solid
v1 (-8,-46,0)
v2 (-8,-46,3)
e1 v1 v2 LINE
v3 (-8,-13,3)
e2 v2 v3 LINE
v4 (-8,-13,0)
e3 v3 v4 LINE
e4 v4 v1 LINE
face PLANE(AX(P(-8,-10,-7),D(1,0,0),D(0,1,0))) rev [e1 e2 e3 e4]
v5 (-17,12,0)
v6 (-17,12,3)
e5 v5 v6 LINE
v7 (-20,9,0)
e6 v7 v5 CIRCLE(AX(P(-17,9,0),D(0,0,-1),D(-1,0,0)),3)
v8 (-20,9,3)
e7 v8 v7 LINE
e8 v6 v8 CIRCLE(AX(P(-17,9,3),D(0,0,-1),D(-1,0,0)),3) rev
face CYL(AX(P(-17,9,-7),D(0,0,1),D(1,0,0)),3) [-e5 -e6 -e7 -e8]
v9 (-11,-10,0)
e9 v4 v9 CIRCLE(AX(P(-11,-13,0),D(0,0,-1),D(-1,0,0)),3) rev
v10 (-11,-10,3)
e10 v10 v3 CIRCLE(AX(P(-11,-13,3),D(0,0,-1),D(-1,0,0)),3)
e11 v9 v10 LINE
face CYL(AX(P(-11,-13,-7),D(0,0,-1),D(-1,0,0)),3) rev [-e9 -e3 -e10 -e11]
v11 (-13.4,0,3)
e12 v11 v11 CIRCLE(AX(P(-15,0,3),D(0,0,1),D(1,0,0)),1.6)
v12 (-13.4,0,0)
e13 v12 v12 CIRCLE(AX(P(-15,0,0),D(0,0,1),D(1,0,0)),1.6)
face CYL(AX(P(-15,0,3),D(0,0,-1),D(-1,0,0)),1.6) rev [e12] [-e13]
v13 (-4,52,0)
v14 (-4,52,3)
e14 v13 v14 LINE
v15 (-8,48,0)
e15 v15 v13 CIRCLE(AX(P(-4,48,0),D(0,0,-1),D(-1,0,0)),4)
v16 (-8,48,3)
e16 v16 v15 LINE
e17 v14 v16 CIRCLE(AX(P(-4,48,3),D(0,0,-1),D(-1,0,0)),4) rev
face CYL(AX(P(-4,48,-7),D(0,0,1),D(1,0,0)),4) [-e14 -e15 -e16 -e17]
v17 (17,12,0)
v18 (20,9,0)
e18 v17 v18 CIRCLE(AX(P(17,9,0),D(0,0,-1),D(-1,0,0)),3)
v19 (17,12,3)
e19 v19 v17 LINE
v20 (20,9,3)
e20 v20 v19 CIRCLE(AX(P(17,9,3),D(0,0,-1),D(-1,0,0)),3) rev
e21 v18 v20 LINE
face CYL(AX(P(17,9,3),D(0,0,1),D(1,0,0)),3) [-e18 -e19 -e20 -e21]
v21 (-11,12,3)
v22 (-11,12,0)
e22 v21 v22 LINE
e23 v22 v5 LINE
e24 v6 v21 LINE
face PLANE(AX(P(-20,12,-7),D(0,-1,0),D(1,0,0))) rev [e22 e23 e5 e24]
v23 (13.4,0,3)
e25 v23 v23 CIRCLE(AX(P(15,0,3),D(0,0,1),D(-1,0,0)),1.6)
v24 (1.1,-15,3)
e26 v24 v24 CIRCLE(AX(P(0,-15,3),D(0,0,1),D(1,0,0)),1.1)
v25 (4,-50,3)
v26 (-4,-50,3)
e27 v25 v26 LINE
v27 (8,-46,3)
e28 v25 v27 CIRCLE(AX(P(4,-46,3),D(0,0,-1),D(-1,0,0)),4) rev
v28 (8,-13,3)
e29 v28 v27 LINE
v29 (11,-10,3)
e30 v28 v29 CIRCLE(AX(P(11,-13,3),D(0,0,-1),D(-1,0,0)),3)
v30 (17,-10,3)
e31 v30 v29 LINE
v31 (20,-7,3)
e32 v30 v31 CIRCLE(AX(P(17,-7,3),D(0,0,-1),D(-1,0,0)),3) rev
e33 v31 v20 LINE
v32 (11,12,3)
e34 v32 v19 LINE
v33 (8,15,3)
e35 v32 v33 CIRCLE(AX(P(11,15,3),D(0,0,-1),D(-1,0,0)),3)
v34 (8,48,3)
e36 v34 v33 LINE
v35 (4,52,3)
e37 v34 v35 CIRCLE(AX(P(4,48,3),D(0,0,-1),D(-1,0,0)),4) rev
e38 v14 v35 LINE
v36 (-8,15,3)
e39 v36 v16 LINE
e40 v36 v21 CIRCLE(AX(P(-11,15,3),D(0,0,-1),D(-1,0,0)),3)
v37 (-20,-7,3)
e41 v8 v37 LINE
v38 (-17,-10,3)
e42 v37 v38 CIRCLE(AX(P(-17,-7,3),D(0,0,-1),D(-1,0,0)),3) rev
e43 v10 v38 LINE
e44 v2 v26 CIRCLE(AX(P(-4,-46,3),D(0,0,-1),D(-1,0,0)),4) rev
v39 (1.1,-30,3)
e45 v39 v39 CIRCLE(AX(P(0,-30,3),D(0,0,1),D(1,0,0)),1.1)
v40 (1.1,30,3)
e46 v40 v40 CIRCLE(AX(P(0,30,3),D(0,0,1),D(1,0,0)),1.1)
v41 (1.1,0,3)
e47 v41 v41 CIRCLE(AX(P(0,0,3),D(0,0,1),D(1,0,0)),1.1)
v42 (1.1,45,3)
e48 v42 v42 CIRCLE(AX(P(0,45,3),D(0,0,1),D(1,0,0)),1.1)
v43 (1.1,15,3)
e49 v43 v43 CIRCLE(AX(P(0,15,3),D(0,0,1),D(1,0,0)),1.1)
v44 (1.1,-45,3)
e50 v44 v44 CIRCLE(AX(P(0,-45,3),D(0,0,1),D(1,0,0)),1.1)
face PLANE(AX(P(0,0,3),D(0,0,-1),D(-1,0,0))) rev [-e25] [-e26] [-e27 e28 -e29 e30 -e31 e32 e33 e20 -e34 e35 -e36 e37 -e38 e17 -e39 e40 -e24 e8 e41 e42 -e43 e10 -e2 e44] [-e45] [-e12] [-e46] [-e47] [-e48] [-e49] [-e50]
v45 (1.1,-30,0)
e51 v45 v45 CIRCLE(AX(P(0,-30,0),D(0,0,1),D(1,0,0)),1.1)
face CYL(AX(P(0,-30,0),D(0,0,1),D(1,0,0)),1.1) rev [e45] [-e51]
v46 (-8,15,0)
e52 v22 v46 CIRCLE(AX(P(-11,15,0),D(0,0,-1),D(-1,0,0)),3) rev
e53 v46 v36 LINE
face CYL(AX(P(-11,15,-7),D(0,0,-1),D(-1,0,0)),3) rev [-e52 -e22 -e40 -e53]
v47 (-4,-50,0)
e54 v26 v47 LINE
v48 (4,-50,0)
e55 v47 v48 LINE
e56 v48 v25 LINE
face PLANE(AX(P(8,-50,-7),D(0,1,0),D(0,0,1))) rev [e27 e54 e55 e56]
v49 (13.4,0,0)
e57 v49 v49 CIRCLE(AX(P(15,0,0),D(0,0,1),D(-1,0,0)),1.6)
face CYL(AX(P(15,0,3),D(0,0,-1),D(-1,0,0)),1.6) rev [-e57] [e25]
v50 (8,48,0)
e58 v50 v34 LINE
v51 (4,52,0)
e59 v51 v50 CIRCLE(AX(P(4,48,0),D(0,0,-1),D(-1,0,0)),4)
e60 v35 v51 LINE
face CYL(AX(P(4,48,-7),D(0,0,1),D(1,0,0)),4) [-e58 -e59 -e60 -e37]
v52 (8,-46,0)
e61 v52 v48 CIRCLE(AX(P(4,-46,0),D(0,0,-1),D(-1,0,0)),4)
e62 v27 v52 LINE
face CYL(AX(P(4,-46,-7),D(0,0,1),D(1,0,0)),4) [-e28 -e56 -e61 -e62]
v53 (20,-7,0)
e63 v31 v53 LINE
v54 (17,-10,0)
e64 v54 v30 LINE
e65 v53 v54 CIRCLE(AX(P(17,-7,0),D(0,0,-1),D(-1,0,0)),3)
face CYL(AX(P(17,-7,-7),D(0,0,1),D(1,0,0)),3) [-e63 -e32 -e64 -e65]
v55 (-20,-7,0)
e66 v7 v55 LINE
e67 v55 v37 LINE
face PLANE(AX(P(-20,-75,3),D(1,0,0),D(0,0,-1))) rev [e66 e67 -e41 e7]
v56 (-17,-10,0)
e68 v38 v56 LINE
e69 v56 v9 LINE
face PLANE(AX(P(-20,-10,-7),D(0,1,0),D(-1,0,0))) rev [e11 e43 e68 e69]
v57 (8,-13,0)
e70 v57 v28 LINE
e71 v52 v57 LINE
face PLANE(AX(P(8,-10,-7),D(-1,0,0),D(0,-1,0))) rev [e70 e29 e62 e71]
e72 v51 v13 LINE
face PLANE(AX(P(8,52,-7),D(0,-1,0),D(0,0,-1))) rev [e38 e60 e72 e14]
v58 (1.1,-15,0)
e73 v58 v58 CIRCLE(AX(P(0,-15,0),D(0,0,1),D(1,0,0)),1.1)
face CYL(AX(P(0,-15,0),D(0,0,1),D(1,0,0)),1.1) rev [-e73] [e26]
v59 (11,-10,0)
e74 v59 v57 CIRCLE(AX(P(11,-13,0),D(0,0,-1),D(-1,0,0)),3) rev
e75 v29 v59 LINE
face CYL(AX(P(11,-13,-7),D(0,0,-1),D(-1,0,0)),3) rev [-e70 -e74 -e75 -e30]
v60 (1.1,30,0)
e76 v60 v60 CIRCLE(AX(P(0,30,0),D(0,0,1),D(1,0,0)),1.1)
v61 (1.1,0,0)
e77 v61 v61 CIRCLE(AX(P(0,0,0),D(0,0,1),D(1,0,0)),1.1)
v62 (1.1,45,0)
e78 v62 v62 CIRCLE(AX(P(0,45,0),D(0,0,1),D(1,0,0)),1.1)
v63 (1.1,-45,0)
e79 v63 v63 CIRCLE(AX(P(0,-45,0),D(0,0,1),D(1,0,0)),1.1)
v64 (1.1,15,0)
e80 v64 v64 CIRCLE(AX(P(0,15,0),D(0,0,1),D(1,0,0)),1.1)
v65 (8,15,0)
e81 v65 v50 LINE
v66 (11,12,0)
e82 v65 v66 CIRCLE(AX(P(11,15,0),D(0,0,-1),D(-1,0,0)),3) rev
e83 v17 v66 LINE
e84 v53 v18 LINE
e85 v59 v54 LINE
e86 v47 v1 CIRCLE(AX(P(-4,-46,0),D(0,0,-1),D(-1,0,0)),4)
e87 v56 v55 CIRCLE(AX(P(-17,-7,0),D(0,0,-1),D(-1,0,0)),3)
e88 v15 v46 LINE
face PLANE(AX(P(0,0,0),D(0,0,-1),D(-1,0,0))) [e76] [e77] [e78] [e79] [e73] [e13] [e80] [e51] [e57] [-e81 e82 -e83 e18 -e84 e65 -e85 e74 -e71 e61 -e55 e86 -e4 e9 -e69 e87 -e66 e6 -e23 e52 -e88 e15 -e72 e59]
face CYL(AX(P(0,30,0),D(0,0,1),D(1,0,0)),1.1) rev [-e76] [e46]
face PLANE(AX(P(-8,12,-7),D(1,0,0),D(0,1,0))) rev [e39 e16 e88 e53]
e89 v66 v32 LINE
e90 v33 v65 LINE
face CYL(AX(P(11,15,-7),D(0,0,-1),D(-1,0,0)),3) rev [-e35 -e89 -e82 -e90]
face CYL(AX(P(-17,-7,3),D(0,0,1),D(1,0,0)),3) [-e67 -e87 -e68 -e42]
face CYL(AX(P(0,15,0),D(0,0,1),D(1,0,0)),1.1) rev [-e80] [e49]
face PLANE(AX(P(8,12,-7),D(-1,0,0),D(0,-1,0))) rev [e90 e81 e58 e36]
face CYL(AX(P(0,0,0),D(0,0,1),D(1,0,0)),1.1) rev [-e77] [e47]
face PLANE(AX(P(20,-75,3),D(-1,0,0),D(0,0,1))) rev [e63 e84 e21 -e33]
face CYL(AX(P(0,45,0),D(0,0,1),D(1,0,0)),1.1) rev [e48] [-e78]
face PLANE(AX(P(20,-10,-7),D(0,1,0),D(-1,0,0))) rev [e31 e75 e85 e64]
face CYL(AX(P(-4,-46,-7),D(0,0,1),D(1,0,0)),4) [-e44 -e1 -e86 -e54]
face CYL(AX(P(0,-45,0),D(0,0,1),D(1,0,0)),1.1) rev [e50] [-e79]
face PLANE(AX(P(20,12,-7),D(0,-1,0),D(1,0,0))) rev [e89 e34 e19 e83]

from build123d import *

# Parameters (mm, degrees)
SKETCH_1_W          = 40
SKETCH_1_H          = 150
SKETCH_1_R          = 1.6
EXTRUDE_1_DEPTH     = 3
SKETCH_2_R          = 1.1
CUT_EXTRUDE_1_DEPTH = 4
SKETCH_4_W          = 40
SKETCH_4_H          = 18
CUT_EXTRUDE_3_DEPTH = 10
SKETCH_5_W          = 40
SKETCH_5_H          = 12
EXTRUDE_2_DEPTH     = 3
SKETCH_6_R          = 1.1
CUT_EXTRUDE_4_DEPTH = 10
SKETCH_7_W          = 12
SKETCH_7_H          = 75
SKETCH_7_H_2        = 47
CUT_EXTRUDE_5_DEPTH = 10
FILLET_1_R          = 3
SKETCH_8_W          = 16
SKETCH_8_H          = 42.139164074
SKETCH_8_H_2        = 21.417935282
CUT_EXTRUDE_6_DEPTH = 10
FILLET_2_R          = 4


with BuildPart() as part:
    # 草图1 → 凸台-拉伸1 (new body)
    with BuildSketch(Plane.XY):
        Rectangle(SKETCH_1_W, SKETCH_1_H)
        with Locations((-15, 0)):
            Circle(SKETCH_1_R, mode=Mode.SUBTRACT)
        with Locations((15, 0)):
            Circle(SKETCH_1_R, mode=Mode.SUBTRACT)
    extrude(amount=EXTRUDE_1_DEPTH)

    # 草图2 → 切除-拉伸1 (cut, through all)
    with BuildSketch(Plane.XY.offset(3)):
        with Locations((0, 30)):
            Circle(SKETCH_2_R)
        with Locations((0, 45)):
            Circle(SKETCH_2_R)
        with Locations((0, 60)):
            Circle(SKETCH_2_R)
        with Locations((0, 15)):
            Circle(SKETCH_2_R)
        with Locations((0, -15)):
            Circle(SKETCH_2_R)
        Circle(SKETCH_2_R)
        with Locations((0, -30)):
            Circle(SKETCH_2_R)
        with Locations((0, -45)):
            Circle(SKETCH_2_R)
        with Locations((0, -60)):
            Circle(SKETCH_2_R)
    extrude(amount=-CUT_EXTRUDE_1_DEPTH, mode=Mode.SUBTRACT)

    # 草图4 → 切除-拉伸3 (cut)
    with BuildSketch(Plane.XY.offset(3)):
        with Locations((0, -66)):
            Rectangle(SKETCH_4_W, SKETCH_4_H)
    extrude(amount=-CUT_EXTRUDE_3_DEPTH, mode=Mode.SUBTRACT)

    # 草图5 → 凸台-拉伸2 (add)
    with BuildSketch(Plane.XY.offset(3)):
        with Locations((0, 81)):
            Rectangle(SKETCH_5_W, SKETCH_5_H)
    extrude(amount=-EXTRUDE_2_DEPTH)

    # 草图6 → 切除-拉伸4 (cut)
    with BuildSketch(Plane.XY.offset(3)):
        with Locations((0, 75)):
            Circle(SKETCH_6_R)
    extrude(amount=-CUT_EXTRUDE_4_DEPTH, mode=Mode.SUBTRACT)

    # 草图7 → 切除-拉伸5 (cut)
    with BuildSketch(Plane.XY.offset(3)):
        with Locations((-14, 49.5)):
            Rectangle(SKETCH_7_W, SKETCH_7_H)
        with Locations((-14, -33.5)):
            Rectangle(SKETCH_7_W, SKETCH_7_H_2)
        with Locations((14, -33.5)):
            Rectangle(SKETCH_7_W, SKETCH_7_H_2)
        with Locations((14, 49.5)):
            Rectangle(SKETCH_7_W, SKETCH_7_H)
    extrude(amount=-CUT_EXTRUDE_5_DEPTH, mode=Mode.SUBTRACT)

    # 圆角1
    fillet_1_edges = [part.edges().sort_by_distance(p)[0] for p in [
        (-8, 87, 1.5),
        (8, 87, 1.5),
        (-8, -57, 1.5),
        (8, -57, 1.5),
        (20, 12, 1.5),
        (8, 12, 1.5),
        (8, -10, 1.5),
        (20, -10, 1.5),
        (-20, -10, 1.5),
        (-8, -10, 1.5),
        (-20, 12, 1.5),
        (-8, 12, 1.5),
    ]]
    fillet(fillet_1_edges, radius=FILLET_1_R)

    # 草图8 → 切除-拉伸6 (cut)
    with BuildSketch(Plane.XY.offset(3)):
        with Locations((0, 73.069582037)):
            Rectangle(SKETCH_8_W, SKETCH_8_H)
        with Locations((0, -60.708967641)):
            Rectangle(SKETCH_8_W, SKETCH_8_H_2)
    extrude(amount=-CUT_EXTRUDE_6_DEPTH, mode=Mode.SUBTRACT)

    # 圆角2
    fillet_2_edges = [part.edges().sort_by_distance(p)[0] for p in [
        (8, 52, 1.5),
        (-8, 52, 1.5),
        (8, -50, 1.5),
        (-8, -50, 1.5),
    ]]
    fillet(fillet_2_edges, radius=FILLET_2_R)


solid = part.part
